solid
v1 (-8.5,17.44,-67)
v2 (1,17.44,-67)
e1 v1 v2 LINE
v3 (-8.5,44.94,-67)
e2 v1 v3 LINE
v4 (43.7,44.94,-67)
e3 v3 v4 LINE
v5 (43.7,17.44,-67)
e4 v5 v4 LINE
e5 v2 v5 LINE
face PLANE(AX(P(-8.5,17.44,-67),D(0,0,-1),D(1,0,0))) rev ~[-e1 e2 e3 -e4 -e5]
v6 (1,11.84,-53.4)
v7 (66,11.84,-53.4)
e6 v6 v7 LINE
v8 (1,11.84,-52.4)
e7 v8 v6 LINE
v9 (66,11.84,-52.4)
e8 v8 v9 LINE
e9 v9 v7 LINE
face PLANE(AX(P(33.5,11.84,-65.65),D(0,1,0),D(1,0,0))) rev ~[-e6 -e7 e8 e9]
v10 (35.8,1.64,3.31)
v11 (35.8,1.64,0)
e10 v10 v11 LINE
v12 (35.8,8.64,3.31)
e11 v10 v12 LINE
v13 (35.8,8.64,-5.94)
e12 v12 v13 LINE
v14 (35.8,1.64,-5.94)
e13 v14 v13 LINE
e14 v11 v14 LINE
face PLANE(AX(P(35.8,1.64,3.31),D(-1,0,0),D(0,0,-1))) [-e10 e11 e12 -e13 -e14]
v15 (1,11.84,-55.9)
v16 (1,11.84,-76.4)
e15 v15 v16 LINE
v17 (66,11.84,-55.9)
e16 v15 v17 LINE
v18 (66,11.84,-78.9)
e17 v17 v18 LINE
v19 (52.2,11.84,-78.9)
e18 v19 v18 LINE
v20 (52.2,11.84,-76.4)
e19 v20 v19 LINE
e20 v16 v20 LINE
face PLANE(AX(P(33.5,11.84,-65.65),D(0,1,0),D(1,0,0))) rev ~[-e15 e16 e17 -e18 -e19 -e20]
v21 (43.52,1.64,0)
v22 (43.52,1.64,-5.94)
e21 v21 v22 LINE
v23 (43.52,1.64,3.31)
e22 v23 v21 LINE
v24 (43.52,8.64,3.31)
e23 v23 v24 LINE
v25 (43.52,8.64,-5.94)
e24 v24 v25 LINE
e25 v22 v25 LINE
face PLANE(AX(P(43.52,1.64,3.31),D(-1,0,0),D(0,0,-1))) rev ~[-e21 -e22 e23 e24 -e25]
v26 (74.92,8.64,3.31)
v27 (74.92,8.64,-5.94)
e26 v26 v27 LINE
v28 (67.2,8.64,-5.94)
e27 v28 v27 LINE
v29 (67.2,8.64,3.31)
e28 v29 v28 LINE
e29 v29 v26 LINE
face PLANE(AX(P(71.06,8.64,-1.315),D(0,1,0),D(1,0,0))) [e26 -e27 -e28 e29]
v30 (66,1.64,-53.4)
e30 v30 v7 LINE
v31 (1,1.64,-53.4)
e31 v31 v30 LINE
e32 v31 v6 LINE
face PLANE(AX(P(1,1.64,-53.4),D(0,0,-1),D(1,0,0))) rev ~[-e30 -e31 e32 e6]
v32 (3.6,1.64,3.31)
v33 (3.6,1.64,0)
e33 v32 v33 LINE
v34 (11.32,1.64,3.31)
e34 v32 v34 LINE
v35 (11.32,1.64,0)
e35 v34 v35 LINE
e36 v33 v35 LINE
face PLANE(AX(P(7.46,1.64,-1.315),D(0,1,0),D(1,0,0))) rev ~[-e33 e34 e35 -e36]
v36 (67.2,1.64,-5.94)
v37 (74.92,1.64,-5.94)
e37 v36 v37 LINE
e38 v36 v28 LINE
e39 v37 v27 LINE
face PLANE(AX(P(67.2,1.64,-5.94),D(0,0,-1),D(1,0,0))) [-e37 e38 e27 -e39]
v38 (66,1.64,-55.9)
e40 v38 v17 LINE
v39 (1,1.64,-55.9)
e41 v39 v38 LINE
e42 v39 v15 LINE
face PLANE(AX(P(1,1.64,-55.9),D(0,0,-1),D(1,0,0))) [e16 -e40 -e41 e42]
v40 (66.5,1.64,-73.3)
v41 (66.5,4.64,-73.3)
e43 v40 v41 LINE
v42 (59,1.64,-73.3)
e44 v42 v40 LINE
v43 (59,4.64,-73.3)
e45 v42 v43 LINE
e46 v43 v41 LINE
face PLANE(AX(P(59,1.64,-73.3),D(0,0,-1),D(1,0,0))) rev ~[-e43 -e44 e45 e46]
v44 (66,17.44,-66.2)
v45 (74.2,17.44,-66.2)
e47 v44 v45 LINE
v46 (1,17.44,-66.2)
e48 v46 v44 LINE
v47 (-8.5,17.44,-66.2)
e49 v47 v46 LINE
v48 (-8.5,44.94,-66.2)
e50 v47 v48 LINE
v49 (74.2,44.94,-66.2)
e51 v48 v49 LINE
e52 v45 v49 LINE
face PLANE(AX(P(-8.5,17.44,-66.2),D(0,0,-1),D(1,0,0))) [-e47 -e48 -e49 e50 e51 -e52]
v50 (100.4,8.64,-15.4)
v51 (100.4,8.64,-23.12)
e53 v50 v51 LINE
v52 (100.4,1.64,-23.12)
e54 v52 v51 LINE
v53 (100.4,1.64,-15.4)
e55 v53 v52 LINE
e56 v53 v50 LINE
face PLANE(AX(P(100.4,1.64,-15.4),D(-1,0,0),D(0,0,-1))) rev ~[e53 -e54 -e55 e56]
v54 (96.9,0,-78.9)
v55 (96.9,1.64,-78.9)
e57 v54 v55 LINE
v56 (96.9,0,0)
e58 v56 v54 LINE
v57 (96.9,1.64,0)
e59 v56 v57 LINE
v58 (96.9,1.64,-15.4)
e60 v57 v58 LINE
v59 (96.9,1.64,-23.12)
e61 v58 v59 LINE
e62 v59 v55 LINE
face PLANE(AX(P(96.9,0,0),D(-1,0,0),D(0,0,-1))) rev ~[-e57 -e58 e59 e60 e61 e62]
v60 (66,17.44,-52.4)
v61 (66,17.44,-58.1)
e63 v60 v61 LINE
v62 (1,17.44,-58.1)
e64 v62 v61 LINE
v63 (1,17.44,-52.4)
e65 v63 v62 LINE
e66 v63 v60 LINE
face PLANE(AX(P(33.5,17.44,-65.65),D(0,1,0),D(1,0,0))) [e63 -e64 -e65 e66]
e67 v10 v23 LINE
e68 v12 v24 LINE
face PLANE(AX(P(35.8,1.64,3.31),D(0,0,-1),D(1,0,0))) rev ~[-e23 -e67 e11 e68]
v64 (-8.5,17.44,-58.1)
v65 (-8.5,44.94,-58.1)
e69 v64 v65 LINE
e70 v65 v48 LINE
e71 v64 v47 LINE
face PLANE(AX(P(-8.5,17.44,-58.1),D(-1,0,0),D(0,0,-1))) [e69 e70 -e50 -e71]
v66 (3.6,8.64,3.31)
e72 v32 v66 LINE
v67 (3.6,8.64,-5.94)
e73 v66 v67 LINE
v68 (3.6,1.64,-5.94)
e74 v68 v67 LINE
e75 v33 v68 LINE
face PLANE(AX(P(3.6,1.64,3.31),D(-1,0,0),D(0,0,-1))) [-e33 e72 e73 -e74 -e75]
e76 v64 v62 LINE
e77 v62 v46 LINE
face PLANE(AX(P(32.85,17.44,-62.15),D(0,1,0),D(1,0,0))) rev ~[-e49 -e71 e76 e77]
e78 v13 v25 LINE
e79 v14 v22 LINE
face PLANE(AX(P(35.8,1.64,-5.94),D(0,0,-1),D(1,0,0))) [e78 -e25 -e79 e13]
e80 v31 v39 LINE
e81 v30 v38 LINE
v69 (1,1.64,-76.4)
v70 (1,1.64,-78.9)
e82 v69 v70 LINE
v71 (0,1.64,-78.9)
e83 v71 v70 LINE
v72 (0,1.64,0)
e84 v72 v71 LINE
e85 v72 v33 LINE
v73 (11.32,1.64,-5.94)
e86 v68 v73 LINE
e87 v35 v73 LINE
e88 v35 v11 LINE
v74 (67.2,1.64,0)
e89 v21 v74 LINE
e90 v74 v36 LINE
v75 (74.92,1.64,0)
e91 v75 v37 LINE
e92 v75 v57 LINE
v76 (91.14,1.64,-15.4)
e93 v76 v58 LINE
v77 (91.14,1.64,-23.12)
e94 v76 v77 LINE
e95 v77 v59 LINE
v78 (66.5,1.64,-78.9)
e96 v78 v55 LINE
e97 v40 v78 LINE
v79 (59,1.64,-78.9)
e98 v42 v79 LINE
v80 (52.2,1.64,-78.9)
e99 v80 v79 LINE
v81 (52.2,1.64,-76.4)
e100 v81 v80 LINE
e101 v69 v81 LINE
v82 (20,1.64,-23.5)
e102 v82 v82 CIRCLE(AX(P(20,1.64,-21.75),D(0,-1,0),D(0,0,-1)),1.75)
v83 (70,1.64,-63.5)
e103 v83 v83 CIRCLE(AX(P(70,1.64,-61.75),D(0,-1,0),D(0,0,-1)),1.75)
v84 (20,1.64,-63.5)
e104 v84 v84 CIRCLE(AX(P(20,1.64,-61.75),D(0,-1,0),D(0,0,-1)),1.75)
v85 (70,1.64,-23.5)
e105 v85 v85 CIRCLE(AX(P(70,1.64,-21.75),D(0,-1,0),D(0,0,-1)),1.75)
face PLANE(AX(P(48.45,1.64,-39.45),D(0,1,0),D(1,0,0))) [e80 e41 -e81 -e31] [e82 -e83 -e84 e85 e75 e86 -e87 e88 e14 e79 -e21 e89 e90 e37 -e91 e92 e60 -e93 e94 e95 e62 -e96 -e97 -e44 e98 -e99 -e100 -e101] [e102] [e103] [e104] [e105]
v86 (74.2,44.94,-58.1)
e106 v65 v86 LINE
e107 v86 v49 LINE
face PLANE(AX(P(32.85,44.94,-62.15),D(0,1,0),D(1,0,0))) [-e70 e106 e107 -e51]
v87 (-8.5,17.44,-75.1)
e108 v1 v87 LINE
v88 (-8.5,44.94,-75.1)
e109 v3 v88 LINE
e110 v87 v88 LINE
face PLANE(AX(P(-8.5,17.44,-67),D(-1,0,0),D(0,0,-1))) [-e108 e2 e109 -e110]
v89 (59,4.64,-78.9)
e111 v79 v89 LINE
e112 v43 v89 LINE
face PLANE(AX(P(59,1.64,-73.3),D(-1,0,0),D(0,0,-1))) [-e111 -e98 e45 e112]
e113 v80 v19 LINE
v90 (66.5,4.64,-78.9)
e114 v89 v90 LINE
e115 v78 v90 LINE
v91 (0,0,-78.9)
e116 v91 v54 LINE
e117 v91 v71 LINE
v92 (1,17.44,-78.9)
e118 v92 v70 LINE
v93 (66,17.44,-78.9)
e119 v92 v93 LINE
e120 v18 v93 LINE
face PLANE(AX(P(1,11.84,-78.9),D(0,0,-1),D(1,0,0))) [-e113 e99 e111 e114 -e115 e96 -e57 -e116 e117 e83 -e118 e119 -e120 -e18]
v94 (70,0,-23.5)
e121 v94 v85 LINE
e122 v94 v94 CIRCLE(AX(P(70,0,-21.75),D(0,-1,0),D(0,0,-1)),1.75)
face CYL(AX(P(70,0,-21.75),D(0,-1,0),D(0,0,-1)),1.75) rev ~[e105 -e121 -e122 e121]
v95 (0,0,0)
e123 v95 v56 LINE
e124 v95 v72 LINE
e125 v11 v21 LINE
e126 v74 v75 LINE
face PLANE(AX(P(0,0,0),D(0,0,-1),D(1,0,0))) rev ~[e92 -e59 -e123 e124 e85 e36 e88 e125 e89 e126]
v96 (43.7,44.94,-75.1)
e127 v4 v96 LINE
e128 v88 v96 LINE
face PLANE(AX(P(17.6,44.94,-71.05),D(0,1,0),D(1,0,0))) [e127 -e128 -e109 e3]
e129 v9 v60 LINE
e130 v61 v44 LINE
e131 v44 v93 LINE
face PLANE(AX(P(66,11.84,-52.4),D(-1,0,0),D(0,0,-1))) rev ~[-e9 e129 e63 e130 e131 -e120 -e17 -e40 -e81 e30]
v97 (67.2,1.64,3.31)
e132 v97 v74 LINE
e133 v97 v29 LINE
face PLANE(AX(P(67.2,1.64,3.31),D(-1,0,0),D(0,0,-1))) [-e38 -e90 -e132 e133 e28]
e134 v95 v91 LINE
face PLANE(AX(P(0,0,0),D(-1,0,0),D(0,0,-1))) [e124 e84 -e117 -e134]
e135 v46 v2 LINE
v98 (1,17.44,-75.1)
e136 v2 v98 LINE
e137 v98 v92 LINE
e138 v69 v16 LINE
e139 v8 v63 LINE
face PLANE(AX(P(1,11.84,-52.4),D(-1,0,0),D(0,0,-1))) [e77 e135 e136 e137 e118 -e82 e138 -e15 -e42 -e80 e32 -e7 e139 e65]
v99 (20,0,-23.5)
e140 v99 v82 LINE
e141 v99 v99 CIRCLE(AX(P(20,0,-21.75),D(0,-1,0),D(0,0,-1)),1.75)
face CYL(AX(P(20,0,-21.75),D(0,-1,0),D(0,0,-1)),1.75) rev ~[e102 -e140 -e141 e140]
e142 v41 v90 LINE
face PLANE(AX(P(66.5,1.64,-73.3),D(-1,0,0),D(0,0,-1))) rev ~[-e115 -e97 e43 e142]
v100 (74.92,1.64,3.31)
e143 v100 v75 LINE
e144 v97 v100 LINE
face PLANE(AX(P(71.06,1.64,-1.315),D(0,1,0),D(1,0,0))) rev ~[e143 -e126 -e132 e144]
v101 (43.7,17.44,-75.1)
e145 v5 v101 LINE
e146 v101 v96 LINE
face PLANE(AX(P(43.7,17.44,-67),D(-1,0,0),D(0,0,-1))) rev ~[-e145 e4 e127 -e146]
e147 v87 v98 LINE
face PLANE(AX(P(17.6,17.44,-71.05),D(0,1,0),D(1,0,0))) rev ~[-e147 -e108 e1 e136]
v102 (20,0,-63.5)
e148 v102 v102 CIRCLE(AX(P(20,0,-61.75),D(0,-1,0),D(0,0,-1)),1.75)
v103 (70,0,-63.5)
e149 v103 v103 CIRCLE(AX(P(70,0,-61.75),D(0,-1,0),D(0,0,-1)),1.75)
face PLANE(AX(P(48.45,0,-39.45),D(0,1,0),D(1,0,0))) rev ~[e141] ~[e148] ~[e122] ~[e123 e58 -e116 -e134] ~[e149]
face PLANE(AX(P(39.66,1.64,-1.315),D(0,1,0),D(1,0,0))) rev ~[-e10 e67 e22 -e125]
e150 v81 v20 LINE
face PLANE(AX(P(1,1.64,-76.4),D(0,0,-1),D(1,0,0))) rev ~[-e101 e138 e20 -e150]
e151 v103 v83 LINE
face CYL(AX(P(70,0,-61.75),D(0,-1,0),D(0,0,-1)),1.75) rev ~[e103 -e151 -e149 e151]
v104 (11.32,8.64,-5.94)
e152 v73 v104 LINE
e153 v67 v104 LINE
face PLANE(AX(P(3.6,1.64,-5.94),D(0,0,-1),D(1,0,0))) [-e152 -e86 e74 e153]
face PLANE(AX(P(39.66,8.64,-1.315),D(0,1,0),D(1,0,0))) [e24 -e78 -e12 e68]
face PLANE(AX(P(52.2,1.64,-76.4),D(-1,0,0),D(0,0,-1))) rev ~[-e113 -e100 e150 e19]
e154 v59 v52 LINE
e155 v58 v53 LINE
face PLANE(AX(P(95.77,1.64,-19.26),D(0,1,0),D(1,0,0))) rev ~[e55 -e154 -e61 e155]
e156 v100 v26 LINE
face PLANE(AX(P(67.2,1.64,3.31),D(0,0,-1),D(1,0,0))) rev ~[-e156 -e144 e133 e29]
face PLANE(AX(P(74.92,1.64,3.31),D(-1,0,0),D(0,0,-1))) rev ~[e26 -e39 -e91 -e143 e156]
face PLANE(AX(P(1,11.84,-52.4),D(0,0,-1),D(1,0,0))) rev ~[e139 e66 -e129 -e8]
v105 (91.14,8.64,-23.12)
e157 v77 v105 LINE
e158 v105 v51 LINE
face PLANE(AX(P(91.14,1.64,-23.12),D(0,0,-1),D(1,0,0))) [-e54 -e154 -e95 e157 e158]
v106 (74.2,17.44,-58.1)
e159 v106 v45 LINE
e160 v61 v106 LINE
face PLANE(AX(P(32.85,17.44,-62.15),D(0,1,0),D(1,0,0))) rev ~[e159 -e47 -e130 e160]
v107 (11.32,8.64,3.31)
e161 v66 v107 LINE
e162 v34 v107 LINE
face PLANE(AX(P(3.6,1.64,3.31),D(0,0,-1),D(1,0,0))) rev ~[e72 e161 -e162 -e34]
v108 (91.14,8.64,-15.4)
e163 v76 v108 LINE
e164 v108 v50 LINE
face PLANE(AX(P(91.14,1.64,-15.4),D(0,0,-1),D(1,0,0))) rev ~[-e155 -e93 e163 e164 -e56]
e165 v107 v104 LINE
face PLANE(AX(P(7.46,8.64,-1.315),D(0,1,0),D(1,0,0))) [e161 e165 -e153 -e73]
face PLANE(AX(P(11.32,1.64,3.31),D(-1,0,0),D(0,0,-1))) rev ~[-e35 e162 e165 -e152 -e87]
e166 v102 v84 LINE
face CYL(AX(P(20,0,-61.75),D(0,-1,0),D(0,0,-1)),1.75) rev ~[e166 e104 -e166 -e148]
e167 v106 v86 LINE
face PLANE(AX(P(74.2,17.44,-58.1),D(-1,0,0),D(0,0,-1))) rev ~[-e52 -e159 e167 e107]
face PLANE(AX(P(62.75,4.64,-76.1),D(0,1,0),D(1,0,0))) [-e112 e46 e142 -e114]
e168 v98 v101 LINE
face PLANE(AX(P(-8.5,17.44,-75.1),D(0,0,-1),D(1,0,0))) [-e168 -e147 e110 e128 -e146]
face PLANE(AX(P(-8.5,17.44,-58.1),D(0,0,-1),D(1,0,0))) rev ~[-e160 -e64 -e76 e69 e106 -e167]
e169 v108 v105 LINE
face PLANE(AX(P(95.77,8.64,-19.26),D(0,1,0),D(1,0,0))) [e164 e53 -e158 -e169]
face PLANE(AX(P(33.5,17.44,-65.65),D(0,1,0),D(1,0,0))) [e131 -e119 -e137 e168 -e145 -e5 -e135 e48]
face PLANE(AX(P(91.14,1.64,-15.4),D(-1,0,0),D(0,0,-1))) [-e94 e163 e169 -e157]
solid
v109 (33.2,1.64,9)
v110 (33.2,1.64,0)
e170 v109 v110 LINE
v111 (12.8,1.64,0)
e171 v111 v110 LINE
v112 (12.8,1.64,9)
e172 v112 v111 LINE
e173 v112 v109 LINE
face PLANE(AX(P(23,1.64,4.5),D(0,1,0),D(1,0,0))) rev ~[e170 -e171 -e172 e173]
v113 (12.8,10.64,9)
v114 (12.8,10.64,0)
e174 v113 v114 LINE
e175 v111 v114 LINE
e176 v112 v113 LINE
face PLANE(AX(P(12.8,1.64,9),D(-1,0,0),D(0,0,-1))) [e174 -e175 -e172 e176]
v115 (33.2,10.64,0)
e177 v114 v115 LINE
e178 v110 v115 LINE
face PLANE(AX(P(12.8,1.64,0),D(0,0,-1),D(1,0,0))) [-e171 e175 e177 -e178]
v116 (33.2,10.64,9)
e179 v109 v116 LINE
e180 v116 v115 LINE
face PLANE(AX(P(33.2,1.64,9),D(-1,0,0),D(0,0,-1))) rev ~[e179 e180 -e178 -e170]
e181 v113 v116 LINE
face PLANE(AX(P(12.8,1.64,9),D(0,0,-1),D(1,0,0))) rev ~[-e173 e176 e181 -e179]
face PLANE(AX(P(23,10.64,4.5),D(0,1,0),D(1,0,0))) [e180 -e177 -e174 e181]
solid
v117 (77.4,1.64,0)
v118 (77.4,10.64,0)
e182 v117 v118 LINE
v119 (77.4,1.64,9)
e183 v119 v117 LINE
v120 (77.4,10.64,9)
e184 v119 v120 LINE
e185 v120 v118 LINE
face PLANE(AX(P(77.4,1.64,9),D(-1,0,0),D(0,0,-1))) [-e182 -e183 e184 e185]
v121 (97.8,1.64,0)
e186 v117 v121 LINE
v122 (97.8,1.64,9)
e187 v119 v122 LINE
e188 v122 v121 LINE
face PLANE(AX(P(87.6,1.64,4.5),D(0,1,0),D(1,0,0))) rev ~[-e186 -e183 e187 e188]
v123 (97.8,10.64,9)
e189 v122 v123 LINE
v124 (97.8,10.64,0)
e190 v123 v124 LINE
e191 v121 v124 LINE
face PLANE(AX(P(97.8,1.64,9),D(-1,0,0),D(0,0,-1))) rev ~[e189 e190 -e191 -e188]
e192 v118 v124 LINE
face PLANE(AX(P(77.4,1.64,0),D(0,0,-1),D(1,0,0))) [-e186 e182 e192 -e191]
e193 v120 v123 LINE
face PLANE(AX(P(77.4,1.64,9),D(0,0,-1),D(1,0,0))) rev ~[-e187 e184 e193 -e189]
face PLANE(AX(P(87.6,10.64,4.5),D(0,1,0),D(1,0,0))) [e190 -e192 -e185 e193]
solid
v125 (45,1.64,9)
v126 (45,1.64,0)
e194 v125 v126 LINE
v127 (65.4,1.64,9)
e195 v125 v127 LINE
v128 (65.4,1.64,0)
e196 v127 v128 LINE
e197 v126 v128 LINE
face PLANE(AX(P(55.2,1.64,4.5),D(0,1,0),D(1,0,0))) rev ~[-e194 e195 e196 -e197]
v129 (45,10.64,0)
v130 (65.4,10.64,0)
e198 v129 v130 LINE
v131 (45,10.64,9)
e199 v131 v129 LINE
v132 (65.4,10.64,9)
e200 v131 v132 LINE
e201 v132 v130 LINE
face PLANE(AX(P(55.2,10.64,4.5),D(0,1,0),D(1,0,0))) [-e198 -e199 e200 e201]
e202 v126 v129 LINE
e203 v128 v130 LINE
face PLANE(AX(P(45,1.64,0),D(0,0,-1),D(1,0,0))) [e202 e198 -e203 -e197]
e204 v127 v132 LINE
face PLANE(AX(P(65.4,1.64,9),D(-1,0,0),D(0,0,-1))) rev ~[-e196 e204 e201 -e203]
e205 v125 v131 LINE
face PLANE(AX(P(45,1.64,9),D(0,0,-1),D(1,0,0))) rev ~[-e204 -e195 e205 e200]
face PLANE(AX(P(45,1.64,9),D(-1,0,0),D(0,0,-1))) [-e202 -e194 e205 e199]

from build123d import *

# Parameters (mm, degrees)
SKETCH1_W             = 96.9
SKETCH1_H             = 78.9
BOSS_EXTRUDE1_DEPTH   = 1.64
SKETCH2_W             = 7.72
SKETCH2_H             = 9.25
SKETCH2_W_2           = 9.26
SKETCH2_H_2           = 7.72
BOSS_EXTRUDE2_DEPTH   = 7
SKETCH3_W             = 20.4
SKETCH3_H             = 9
BOSS_EXTRUDE5_DEPTH   = 9
BOSS_EXTRUDE5_2_DEPTH = 9
BOSS_EXTRUDE5_3_DEPTH = 9
SKETCH4_W             = 7.5
SKETCH4_H             = 5.6
BOSS_EXTRUDE6_DEPTH   = 3
SKETCH6_W             = 51.2
SKETCH6_H             = 2.5
SKETCH6_W_2           = 65
BOSS_EXTRUDE7_DEPTH   = 10.2
SKETCH7_W             = 65
SKETCH7_H             = 26.5
BOSS_EXTRUDE8_DEPTH   = 5.6
SKETCH8_W             = 52.2
SKETCH8_H             = 8.1
SKETCH8_W_2           = 82.7
BOSS_EXTRUDE9_DEPTH   = 27.5
SKETCH10_R            = 1.75
CUT_EXTRUDE1_DEPTH    = 2


with BuildPart() as part:
    # Sketch1 → Boss-Extrude1 (new body)
    with BuildSketch(Plane(origin=(0, 0, 0), x_dir=(1, 0, 0), z_dir=(0, 1, 0))):
        with Locations((48.45, 39.45)):
            Rectangle(SKETCH1_W, SKETCH1_H)
    extrude(amount=BOSS_EXTRUDE1_DEPTH)

    # Sketch2 → Boss-Extrude2 (add)
    with BuildSketch(Plane(origin=(0, 1.64, 0), x_dir=(1, 0, 0), z_dir=(0, 1, 0))):
        with Locations((39.66, 1.315)):
            Rectangle(SKETCH2_W, SKETCH2_H)
        with Locations((7.46, 1.315)):
            Rectangle(SKETCH2_W, SKETCH2_H)
        with Locations((71.06, 1.315)):
            Rectangle(SKETCH2_W, SKETCH2_H)
        with Locations((95.77, 19.26)):
            Rectangle(SKETCH2_W_2, SKETCH2_H_2)
    extrude(amount=BOSS_EXTRUDE2_DEPTH)

    # Sketch4 → Boss-Extrude6 (add)
    with BuildSketch(Plane(origin=(0, 1.64, 0), x_dir=(1, 0, 0), z_dir=(0, 1, 0))):
        with Locations((62.75, 76.1)):
            Rectangle(SKETCH4_W, SKETCH4_H)
    extrude(amount=BOSS_EXTRUDE6_DEPTH)

    # Sketch6 → Boss-Extrude7 (add)
    with BuildSketch(Plane(origin=(0, 1.64, 0), x_dir=(1, 0, 0), z_dir=(0, 1, 0))):
        with Locations((26.6, 77.65)):
            Rectangle(SKETCH6_W, SKETCH6_H)
        with Locations((33.5, 54.65)):
            Rectangle(SKETCH6_W_2, SKETCH6_H)
    extrude(amount=BOSS_EXTRUDE7_DEPTH)

    # Sketch7 → Boss-Extrude8 (add)
    with BuildSketch(Plane(origin=(0, 11.84, 0), x_dir=(1, 0, 0), z_dir=(0, 1, 0))):
        with Locations((33.5, 65.65)):
            Rectangle(SKETCH7_W, SKETCH7_H)
    extrude(amount=BOSS_EXTRUDE8_DEPTH)

    # Sketch8 → Boss-Extrude9 (add)
    with BuildSketch(Plane(origin=(0, 17.44, 0), x_dir=(1, 0, 0), z_dir=(0, 1, 0))):
        with Locations((17.6, 71.05)):
            Rectangle(SKETCH8_W, SKETCH8_H)
        with Locations((32.85, 62.15)):
            Rectangle(SKETCH8_W_2, SKETCH8_H)
    extrude(amount=BOSS_EXTRUDE9_DEPTH)

    # Sketch10 → Cut-Extrude1 (cut)
    with BuildSketch(Plane.XZ):
        with Locations(Location((20, -21.75, 0), (0, 0, 270))):
            Circle(SKETCH10_R)
        with Locations(Location((70, -21.75, 0), (0, 0, 270))):
            Circle(SKETCH10_R)
        with Locations(Location((20, -61.75, 0), (0, 0, 270))):
            Circle(SKETCH10_R)
        with Locations(Location((70, -61.75, 0), (0, 0, 270))):
            Circle(SKETCH10_R)
    extrude(amount=-CUT_EXTRUDE1_DEPTH, mode=Mode.SUBTRACT)


with BuildPart() as body_2:
    # Sketch3 → Boss-Extrude5 (new body)
    with BuildSketch(Plane(origin=(0, 1.64, 0), x_dir=(1, 0, 0), z_dir=(0, 1, 0))):
        with Locations((23, -4.5)):
            Rectangle(SKETCH3_W, SKETCH3_H)
    extrude(amount=BOSS_EXTRUDE5_DEPTH)


with BuildPart() as body_3:
    # Sketch3 → Boss-Extrude5 2 (new body)
    with BuildSketch(Plane(origin=(0, 1.64, 0), x_dir=(1, 0, 0), z_dir=(0, 1, 0))):
        with Locations((55.2, -4.5)):
            Rectangle(SKETCH3_W, SKETCH3_H)
    extrude(amount=BOSS_EXTRUDE5_2_DEPTH)


with BuildPart() as body_4:
    # Sketch3 → Boss-Extrude5 3 (new body)
    with BuildSketch(Plane(origin=(0, 1.64, 0), x_dir=(1, 0, 0), z_dir=(0, 1, 0))):
        with Locations((87.6, -4.5)):
            Rectangle(SKETCH3_W, SKETCH3_H)
    extrude(amount=BOSS_EXTRUDE5_3_DEPTH)


solid = Compound([part.part, body_2.part, body_3.part, body_4.part])
